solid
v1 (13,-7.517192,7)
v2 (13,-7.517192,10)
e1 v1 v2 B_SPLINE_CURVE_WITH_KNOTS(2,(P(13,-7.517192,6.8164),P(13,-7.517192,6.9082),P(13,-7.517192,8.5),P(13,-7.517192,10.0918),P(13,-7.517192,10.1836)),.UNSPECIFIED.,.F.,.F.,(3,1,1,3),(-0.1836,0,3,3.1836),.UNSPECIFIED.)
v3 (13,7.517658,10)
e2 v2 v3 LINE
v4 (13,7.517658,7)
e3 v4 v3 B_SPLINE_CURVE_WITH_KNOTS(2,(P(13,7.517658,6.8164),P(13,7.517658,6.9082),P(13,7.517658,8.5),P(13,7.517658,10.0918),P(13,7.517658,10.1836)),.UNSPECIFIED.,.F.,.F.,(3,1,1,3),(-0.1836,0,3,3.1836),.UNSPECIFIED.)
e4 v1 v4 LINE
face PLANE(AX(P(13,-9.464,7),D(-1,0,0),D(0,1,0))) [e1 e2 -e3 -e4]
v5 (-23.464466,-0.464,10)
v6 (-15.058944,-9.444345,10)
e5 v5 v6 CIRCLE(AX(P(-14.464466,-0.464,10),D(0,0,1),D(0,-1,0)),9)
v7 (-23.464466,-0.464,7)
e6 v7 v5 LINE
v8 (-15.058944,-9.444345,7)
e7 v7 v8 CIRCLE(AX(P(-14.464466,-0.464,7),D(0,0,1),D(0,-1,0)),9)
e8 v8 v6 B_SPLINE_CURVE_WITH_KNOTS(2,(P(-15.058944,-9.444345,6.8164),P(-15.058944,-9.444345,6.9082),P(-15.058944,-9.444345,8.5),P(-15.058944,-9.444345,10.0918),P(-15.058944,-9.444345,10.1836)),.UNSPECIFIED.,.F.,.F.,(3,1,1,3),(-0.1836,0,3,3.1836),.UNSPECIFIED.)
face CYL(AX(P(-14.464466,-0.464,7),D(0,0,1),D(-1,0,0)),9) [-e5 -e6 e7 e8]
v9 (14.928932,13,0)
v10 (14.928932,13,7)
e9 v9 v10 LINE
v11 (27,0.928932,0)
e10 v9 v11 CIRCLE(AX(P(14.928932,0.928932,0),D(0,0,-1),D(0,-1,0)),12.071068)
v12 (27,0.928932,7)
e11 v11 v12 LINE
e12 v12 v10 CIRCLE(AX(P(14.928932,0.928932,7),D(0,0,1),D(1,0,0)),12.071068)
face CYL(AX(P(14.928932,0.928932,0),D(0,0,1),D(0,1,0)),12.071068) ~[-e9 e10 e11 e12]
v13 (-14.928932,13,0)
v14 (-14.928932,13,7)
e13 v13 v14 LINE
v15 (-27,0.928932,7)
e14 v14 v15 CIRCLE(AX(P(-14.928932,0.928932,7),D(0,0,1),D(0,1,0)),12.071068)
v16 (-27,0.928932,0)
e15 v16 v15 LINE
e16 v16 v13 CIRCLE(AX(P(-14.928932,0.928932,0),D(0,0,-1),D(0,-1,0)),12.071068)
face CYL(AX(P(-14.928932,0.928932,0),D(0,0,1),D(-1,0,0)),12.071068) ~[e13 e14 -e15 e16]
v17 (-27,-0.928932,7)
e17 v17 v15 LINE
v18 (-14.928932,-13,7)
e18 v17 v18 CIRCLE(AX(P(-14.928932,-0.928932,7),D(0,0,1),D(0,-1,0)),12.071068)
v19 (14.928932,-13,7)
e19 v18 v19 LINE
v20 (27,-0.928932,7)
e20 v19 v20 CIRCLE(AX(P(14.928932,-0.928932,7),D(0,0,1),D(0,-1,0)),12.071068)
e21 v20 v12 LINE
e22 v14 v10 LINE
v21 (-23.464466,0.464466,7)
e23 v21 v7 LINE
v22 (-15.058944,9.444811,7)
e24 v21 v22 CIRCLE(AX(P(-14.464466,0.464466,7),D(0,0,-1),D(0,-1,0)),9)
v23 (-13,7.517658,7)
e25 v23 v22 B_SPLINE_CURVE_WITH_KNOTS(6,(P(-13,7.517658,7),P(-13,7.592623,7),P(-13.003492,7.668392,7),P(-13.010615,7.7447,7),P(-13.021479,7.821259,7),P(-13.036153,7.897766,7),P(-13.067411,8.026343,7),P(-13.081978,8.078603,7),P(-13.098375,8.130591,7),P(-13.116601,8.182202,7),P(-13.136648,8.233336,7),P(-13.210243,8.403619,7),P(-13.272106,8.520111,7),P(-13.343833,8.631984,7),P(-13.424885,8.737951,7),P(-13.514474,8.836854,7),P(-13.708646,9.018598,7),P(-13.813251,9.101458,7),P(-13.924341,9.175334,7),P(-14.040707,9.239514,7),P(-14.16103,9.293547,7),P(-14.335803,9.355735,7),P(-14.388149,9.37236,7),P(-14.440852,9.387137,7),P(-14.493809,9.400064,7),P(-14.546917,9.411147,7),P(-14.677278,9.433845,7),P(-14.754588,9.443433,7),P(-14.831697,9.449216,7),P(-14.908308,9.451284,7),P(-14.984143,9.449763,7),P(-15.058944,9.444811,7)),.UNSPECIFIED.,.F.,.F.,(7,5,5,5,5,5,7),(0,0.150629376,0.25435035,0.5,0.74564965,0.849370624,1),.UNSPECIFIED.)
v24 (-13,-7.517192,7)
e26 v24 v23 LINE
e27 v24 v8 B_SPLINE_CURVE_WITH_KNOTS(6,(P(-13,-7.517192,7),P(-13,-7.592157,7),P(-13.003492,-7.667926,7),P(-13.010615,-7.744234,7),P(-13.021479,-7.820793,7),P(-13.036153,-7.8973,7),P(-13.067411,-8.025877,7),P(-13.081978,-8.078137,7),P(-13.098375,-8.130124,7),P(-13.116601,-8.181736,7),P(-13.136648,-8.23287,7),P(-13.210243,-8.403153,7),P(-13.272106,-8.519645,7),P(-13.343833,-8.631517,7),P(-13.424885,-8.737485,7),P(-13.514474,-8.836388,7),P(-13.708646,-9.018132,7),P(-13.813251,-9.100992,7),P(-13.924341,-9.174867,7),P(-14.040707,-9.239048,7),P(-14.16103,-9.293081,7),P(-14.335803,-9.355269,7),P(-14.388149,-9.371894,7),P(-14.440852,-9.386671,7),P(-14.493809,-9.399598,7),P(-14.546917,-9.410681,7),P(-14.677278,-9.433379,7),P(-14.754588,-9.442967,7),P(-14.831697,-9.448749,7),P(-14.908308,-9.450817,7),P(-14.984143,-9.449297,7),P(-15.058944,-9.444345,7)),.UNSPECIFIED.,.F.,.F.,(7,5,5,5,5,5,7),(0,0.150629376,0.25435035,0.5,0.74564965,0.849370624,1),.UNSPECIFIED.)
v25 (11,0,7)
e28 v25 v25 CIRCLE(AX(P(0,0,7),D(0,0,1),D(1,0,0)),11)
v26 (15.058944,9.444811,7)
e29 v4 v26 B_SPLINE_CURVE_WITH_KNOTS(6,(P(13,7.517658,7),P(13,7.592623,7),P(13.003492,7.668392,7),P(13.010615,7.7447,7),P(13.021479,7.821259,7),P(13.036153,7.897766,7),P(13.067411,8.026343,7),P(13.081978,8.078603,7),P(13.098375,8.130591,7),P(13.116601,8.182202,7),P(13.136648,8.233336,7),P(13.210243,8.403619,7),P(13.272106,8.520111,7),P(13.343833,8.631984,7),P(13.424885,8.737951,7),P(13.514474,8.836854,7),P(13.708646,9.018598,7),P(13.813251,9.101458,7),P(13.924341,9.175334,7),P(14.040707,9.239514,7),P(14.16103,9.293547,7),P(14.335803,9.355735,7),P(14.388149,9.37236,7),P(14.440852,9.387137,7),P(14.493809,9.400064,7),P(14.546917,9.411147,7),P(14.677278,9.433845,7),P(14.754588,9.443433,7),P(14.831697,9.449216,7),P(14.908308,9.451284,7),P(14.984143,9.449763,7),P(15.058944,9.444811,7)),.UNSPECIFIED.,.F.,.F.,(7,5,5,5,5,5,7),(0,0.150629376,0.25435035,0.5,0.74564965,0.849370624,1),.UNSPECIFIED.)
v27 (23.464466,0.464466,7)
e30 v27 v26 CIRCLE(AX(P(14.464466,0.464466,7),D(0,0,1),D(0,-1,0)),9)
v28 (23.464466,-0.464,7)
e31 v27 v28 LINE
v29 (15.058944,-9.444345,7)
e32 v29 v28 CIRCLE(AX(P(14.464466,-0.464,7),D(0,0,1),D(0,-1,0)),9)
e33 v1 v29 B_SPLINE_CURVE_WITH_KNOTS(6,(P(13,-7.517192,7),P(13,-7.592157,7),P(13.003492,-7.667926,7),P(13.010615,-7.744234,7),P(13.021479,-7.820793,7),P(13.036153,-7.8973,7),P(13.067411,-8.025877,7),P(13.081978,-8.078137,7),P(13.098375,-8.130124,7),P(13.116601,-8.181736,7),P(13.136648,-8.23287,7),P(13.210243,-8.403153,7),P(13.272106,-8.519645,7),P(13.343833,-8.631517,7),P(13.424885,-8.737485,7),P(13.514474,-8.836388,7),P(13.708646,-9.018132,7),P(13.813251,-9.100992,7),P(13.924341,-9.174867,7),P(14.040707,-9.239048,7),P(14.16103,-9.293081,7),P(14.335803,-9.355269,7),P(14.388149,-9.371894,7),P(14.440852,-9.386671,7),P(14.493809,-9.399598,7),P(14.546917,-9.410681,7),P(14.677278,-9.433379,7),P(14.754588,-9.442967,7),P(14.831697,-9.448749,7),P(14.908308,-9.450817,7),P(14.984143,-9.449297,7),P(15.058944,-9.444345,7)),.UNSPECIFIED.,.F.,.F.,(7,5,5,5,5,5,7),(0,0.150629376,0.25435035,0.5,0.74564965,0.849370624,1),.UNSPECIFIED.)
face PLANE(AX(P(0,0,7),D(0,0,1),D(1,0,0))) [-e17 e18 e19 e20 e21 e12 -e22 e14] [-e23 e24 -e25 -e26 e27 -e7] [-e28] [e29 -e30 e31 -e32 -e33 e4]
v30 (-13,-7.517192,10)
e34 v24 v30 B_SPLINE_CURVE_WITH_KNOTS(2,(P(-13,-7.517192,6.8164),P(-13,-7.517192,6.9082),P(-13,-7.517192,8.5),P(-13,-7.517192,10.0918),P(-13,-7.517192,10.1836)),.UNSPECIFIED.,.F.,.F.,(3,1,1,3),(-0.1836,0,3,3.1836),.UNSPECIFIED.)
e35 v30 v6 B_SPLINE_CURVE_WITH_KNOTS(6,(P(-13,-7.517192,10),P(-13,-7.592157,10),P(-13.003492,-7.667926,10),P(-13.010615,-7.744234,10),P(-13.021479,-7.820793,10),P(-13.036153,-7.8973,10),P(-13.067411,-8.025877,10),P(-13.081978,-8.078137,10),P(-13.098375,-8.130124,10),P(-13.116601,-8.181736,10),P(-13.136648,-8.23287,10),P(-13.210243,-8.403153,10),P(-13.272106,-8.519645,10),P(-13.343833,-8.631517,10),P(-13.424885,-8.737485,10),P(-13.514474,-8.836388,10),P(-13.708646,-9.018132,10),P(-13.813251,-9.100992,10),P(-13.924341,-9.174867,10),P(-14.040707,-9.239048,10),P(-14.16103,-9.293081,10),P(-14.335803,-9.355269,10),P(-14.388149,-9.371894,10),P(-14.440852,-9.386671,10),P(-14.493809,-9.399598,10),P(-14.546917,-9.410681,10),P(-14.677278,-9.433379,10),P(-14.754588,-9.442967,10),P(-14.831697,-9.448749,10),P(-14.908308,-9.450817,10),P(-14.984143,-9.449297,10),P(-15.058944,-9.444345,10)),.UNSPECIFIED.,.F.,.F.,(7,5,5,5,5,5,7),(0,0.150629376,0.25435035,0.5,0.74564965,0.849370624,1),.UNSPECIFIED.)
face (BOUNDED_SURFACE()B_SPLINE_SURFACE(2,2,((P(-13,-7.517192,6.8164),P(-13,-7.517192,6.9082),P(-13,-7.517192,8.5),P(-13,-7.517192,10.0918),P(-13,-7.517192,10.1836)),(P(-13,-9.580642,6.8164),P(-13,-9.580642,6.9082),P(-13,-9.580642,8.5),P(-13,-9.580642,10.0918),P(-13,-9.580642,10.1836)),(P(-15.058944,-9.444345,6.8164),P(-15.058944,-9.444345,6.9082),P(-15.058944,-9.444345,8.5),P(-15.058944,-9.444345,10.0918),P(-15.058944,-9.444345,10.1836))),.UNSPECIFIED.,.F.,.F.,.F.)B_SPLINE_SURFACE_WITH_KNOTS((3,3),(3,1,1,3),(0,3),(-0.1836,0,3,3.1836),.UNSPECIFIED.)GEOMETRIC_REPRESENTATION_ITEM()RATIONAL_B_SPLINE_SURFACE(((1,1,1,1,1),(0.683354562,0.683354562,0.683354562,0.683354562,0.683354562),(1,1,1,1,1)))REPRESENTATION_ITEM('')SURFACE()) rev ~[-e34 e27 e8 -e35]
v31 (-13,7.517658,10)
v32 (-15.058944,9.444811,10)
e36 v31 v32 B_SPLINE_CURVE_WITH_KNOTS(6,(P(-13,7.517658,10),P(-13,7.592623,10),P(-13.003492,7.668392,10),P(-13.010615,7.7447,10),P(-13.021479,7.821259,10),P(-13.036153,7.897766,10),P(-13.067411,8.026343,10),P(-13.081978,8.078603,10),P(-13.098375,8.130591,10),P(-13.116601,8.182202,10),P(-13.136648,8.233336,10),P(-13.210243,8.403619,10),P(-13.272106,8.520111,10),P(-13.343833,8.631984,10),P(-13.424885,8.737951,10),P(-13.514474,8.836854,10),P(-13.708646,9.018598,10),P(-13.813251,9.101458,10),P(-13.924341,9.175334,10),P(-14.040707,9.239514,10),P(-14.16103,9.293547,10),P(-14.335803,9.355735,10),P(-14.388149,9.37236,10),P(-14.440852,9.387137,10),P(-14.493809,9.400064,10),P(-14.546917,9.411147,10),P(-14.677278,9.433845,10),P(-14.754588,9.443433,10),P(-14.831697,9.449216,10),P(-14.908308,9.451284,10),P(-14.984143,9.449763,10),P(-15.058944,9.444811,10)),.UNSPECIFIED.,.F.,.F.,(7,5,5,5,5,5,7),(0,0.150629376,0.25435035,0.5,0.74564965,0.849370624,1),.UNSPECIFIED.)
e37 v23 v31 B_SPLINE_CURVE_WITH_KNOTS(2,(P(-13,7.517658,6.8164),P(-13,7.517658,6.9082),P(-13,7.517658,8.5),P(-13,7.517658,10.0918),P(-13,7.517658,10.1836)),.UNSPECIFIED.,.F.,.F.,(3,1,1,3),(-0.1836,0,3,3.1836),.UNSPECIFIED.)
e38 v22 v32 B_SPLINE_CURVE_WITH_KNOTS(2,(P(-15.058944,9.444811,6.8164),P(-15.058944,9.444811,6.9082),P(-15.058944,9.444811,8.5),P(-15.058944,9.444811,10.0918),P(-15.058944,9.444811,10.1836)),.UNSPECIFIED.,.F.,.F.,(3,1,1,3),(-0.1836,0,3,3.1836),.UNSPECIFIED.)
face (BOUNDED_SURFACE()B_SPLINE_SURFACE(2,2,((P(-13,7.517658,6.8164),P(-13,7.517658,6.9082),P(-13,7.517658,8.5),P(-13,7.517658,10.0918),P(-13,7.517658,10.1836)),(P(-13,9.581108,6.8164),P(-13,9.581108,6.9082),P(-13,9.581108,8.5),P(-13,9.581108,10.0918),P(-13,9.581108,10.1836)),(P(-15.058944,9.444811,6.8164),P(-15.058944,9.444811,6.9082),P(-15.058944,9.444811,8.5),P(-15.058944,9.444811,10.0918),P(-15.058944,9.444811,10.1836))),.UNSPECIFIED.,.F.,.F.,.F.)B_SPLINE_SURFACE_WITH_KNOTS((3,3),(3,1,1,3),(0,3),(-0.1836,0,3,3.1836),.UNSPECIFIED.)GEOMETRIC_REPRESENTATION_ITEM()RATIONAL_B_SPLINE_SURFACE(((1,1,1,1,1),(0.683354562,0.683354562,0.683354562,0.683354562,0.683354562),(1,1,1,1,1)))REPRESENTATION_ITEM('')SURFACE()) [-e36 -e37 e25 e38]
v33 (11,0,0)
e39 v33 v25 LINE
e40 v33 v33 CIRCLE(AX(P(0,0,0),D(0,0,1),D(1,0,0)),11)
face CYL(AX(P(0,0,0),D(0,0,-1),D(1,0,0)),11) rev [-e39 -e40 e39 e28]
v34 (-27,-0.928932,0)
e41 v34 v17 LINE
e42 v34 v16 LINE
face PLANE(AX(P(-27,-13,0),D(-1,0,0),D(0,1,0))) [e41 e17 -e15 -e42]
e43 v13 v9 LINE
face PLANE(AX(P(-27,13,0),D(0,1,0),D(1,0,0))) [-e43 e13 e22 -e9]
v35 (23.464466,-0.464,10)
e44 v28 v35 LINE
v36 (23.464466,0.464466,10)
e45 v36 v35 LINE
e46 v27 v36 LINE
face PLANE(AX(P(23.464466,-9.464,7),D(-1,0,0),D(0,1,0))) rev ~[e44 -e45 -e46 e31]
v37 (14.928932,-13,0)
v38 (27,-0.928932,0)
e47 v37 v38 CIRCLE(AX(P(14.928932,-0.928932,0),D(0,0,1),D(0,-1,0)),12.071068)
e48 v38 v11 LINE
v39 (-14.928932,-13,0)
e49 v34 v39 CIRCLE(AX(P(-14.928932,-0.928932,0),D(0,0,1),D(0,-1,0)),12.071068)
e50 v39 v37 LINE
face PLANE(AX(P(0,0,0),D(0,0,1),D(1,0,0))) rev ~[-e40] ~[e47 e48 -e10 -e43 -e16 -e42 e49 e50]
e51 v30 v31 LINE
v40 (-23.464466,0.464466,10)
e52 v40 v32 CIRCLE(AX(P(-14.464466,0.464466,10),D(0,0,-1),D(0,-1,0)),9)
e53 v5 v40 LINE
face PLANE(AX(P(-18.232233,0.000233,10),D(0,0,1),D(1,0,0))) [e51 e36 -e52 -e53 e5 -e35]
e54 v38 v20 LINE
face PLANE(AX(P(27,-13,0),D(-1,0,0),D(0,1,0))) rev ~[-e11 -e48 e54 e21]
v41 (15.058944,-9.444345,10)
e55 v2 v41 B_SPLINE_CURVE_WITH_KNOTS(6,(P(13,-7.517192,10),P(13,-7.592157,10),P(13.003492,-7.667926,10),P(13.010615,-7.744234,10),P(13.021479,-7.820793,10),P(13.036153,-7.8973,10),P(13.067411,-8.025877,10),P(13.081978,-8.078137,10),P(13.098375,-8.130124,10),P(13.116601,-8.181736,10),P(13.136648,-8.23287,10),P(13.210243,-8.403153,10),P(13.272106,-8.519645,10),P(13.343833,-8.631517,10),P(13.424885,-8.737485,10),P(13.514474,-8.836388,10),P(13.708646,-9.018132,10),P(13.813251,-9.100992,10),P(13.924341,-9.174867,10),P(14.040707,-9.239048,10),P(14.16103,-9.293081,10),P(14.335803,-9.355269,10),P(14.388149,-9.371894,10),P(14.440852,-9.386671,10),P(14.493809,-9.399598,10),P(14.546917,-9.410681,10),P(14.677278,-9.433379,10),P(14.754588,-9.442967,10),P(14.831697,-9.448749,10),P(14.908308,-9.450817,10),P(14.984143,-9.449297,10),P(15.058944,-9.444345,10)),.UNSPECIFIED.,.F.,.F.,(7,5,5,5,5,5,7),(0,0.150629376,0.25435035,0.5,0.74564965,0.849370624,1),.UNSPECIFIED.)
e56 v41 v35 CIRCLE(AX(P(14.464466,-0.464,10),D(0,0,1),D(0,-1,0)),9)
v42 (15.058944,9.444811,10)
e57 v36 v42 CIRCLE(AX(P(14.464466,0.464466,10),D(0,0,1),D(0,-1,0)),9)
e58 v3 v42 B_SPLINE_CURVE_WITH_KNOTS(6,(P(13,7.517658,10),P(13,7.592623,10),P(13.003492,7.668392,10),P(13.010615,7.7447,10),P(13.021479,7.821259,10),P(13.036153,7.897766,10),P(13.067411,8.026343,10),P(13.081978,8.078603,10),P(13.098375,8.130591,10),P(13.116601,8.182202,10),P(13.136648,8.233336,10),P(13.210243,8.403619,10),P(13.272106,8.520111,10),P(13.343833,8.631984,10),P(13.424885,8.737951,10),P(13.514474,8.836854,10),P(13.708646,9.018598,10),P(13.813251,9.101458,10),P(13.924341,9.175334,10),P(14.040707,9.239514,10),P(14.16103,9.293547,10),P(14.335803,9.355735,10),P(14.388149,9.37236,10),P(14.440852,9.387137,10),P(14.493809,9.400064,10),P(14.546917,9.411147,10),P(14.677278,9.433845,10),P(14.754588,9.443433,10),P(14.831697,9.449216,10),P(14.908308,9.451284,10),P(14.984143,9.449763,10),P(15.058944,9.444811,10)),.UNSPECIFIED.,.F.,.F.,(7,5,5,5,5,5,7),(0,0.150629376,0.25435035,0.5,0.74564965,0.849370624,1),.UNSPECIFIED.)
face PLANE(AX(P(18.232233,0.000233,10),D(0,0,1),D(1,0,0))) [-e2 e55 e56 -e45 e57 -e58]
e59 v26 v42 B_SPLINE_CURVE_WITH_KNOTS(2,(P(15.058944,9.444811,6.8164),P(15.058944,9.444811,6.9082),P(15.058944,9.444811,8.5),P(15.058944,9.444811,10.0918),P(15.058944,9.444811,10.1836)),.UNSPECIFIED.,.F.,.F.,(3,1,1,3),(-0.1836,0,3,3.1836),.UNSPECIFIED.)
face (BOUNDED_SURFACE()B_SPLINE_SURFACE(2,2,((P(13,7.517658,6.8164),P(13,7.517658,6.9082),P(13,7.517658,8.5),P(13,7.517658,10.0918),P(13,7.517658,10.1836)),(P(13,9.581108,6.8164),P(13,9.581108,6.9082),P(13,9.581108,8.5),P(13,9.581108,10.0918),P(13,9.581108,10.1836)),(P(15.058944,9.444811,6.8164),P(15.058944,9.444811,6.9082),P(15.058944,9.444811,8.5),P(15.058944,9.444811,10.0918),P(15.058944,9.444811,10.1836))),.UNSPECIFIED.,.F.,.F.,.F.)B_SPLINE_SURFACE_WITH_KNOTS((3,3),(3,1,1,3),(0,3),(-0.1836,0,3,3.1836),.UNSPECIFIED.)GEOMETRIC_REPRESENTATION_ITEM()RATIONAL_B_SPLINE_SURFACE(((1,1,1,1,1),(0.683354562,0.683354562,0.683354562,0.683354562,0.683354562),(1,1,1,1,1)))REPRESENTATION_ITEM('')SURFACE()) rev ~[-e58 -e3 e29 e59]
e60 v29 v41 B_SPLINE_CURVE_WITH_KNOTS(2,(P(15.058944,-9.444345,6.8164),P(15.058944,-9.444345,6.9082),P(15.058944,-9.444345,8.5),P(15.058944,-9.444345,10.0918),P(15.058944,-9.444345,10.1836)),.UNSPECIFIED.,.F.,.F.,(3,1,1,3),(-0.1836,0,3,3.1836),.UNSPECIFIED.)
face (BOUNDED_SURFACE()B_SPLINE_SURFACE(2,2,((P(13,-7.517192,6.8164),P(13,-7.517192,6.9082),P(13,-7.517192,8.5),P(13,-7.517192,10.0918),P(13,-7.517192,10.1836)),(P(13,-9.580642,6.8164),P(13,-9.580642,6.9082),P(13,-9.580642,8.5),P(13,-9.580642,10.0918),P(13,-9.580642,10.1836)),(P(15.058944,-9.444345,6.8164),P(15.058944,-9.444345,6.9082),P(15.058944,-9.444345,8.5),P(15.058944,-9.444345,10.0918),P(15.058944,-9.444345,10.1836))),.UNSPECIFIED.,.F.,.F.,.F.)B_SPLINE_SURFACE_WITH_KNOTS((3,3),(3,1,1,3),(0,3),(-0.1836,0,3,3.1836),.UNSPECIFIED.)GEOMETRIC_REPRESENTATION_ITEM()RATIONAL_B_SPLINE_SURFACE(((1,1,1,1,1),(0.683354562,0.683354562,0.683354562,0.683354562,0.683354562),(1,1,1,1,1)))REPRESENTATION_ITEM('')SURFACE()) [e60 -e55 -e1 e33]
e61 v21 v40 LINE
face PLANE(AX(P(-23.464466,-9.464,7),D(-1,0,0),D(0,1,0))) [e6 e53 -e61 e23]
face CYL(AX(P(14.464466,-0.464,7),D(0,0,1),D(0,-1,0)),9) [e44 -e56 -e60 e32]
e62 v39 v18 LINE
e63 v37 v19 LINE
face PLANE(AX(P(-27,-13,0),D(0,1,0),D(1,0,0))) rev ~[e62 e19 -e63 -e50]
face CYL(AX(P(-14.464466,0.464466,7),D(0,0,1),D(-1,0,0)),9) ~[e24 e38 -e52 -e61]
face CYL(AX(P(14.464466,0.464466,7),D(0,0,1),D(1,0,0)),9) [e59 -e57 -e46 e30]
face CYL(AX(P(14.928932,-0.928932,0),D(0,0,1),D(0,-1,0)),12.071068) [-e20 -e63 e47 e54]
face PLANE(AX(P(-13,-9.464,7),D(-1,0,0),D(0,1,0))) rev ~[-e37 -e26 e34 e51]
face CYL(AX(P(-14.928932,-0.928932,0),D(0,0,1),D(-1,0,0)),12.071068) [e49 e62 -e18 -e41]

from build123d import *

# Parameters (mm, degrees)
F0_W     = 54
F0_H     = 26
F0_R     = 11
F1_DEPTH = 7
F2_R     = 12.0710678119
F3_W     = 10.4644660941
F3_H     = 18.9284660941
F4_DEPTH = 3
F5_R     = 9
F6_DEPTH = 3
F7_R     = 9
F8_R     = 1.9313708499


with BuildPart() as f1:
    # F0 (on Top) → F1 (new body)
    with BuildSketch(Plane.XY):
        Rectangle(F0_W, F0_H)
        Circle(F0_R, mode=Mode.SUBTRACT)
    extrude(amount=F1_DEPTH)

    # F2
    f2_edges = [f1.edges().sort_by_distance(p)[0] for p in [
        (-27, -13, 3.5),
        (-27, 13, 3.5),
        (27, -13, 3.5),
        (27, 13, 3.5),
    ]]
    fillet(f2_edges, radius=F2_R)

    # F3 (on face) → F4 (join)
    with BuildSketch(Plane.XY.offset(7)):
        with Locations((-18.232233047, 0.000233047)):
            Rectangle(F3_W, F3_H)
        with Locations((18.232233047, 0.000233047)):
            Rectangle(F3_W, F3_H)
    extrude(amount=F4_DEPTH)

    # F5
    f5_edges = [f1.edges().sort_by_distance(p)[0] for p in [
        (-23.464466, -9.464, 8.5),
        (23.464466, -9.464, 8.5),
        (-23.464466, 9.464466, 8.5),
        (23.464466, 9.464466, 8.5),
    ]]
    fillet(f5_edges, radius=F5_R)

    # F3 (on face) → F6 (join)
    with BuildSketch(Plane.XY.offset(7)):
        with Locations((-18.232233047, 0.000233047)):
            Rectangle(F3_W, F3_H)
        with Locations((18.232233047, 0.000233047)):
            Rectangle(F3_W, F3_H)
    extrude(amount=F6_DEPTH)

    # F7
    f7_edges = [f1.edges().sort_by_distance(p)[0] for p in [
        (-23.464466, 9.464466, 8.5),
        (-23.464466, -9.464, 8.5),
        (23.464466, -9.464, 8.5),
        (23.464466, 9.464466, 8.5),
    ]]
    fillet(f7_edges, radius=F7_R)

    # F8
    f8_edges = [f1.edges().sort_by_distance(p)[0] for p in [
        (13, -9.464, 8.5),
        (13, 9.464466, 8.5),
        (-13, -9.464, 8.5),
        (-13, 9.464466, 8.5),
    ]]
    fillet(f8_edges, radius=F8_R)


solid = f1.part
